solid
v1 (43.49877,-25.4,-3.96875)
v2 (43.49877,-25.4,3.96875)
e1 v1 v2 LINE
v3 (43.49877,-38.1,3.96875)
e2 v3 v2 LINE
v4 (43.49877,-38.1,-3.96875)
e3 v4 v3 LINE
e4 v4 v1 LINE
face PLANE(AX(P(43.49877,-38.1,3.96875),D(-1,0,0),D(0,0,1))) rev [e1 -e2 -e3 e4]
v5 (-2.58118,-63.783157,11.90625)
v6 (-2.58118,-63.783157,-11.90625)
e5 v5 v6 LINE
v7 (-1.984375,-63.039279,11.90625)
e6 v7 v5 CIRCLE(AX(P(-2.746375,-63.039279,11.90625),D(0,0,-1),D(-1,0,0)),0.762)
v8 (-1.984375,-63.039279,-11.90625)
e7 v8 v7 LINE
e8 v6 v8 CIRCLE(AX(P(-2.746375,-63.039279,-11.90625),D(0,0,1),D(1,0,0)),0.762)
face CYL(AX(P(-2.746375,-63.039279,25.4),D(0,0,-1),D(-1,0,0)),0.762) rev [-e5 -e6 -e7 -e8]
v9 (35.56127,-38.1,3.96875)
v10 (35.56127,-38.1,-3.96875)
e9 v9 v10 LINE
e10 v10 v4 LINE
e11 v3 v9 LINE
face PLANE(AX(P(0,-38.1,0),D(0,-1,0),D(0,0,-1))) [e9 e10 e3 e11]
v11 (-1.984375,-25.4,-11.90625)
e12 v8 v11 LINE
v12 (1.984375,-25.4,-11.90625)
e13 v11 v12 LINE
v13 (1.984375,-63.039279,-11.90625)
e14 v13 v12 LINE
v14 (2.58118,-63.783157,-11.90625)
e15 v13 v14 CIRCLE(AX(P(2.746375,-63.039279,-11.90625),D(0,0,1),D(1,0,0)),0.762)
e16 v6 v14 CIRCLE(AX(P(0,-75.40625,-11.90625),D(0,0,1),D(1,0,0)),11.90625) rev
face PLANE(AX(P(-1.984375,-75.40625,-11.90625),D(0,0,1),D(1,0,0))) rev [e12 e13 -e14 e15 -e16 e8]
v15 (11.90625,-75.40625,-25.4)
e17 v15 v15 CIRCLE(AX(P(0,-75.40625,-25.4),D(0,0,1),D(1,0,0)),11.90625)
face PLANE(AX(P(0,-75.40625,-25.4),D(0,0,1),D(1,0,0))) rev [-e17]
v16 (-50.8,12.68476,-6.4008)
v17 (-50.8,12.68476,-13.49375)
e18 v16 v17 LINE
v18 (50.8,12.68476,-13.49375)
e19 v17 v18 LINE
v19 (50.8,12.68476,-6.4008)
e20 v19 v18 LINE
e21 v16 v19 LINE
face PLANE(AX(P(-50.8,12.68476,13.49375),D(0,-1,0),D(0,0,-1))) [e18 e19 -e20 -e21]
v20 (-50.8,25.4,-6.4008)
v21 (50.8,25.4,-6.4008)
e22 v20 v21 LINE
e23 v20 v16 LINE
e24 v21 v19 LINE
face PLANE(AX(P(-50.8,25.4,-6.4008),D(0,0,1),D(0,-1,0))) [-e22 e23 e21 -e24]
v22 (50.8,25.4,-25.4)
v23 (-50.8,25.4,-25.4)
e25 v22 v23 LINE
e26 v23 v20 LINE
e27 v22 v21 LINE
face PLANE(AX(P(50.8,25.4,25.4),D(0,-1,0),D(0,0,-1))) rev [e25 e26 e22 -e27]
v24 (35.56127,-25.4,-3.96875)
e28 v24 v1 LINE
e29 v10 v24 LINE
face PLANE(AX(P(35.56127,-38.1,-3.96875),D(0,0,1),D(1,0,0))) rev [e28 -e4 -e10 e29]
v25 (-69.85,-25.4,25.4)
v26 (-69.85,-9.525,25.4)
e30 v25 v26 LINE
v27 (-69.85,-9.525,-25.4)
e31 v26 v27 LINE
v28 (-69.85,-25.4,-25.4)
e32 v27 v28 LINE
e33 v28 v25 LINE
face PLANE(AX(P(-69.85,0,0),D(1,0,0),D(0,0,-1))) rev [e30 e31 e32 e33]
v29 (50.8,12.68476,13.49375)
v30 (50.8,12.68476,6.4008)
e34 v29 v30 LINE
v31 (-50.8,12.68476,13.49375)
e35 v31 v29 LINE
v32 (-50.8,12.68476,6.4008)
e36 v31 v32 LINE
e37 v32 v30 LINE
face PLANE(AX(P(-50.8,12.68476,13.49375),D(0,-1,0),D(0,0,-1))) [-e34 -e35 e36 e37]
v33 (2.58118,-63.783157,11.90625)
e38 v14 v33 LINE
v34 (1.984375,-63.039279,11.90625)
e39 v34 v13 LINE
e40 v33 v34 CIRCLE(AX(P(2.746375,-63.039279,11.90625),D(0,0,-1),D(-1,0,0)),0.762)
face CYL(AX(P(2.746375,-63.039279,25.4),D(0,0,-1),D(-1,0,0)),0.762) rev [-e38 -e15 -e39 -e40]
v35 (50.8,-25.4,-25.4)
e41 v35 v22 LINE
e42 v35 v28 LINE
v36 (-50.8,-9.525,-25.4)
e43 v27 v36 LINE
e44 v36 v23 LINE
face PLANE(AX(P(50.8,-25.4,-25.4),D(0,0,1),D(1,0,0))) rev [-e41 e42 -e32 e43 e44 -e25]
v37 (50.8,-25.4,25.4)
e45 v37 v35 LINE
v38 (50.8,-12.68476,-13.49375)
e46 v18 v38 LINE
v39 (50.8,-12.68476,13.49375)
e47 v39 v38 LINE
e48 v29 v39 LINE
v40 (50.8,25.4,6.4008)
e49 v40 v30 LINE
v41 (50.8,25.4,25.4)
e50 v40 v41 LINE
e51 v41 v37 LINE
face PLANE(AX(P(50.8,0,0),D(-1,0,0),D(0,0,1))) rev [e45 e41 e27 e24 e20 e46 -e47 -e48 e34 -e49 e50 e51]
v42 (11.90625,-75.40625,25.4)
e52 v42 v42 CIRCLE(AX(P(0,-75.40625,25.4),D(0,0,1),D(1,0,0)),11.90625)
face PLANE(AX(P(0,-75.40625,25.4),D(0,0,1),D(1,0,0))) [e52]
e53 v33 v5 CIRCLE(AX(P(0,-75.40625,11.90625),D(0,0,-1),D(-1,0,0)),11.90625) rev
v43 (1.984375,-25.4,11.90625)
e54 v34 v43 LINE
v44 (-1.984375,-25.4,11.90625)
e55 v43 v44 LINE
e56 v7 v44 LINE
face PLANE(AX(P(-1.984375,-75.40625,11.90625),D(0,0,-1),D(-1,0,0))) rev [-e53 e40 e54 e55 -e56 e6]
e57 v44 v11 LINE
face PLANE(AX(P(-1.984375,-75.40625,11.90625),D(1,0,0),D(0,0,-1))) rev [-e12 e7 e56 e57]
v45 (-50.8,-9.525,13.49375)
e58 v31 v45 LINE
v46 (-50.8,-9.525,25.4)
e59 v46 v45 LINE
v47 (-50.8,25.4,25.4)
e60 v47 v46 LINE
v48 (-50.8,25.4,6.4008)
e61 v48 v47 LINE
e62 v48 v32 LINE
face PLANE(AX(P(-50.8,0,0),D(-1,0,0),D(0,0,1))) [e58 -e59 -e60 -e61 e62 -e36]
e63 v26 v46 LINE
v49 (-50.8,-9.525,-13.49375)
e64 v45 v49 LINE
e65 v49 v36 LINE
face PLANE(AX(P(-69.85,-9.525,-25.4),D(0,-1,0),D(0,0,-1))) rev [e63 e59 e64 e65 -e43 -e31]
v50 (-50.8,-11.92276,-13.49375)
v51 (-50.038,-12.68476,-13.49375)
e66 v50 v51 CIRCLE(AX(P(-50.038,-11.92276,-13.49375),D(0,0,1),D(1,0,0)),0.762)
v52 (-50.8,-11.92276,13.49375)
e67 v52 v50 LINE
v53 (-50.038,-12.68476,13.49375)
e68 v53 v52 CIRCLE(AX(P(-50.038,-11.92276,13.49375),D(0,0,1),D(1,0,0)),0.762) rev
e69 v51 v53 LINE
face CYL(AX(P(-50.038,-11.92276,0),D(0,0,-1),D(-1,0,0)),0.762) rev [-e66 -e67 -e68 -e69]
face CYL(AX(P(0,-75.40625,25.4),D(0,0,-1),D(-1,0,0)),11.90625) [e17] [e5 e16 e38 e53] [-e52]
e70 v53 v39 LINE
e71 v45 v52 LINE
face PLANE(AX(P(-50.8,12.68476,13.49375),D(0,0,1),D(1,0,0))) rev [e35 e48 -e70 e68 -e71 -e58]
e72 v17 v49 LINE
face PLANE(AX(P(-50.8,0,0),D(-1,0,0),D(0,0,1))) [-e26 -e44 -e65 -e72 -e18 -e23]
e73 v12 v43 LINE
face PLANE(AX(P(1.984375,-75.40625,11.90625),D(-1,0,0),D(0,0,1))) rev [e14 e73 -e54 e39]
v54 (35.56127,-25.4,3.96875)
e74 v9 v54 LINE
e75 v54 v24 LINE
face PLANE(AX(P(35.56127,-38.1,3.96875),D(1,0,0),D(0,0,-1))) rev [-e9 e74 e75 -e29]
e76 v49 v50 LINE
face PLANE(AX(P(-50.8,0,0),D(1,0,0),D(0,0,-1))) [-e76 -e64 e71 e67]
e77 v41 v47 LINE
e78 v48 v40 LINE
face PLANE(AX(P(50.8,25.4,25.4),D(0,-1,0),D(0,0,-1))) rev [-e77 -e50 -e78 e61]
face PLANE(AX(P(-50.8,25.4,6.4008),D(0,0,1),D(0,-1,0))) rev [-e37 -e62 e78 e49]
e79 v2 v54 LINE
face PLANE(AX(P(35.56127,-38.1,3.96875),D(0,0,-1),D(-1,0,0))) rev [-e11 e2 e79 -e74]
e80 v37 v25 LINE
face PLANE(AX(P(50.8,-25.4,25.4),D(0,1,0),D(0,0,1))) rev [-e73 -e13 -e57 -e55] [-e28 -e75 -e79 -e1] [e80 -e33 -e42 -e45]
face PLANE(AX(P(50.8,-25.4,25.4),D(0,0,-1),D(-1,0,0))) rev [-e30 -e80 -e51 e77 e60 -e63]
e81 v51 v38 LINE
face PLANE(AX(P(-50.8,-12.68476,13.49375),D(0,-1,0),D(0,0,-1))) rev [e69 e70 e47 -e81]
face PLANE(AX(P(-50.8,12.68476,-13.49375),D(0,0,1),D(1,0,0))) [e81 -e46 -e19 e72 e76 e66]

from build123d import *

# Parameters (mm, degrees)
SKETCH1_W           = 50.8
SKETCH1_H           = 50.8
BOSS_EXTRUDE1_DEPTH = 50.8
SKETCH2_W           = 12.8016
SKETCH2_H           = 12.71524
SKETCH2_W_2         = 26.9875
SKETCH2_H_2         = 25.36952
CUT_EXTRUDE1_DEPTH  = 108.763073453
SKETCH3_W           = 3.96875
SKETCH3_H           = 23.8125
BOSS_EXTRUDE2_DEPTH = 50.00625
SKETCH4_R           = 11.90625
BOSS_EXTRUDE3_DEPTH = 25.4
SKETCH5_W           = 50.8
SKETCH5_H           = 15.875
BOSS_EXTRUDE4_DEPTH = 19.05
SKETCH6_W           = 7.9375
SKETCH6_H           = 7.9375
BOSS_EXTRUDE5_DEPTH = 12.7
FILLET1_R           = 0.762


with BuildPart() as part:
    # Sketch1 → Boss-Extrude1 (new, symmetric)
    with BuildSketch(Plane(origin=(0, 0, 0), x_dir=(0, 0, -1), z_dir=(1, 0, 0))):
        Rectangle(SKETCH1_W, SKETCH1_H)
    extrude(amount=BOSS_EXTRUDE1_DEPTH, both=True)

    # Sketch2 → Cut-Extrude1 (cut, through all)
    with BuildSketch(Plane(origin=(50.8, 0, 0), x_dir=(0, 0, -1), z_dir=(1, 0, 0))):
        with Locations((0, 19.04238)):
            Rectangle(SKETCH2_W, SKETCH2_H)
        Rectangle(SKETCH2_W_2, SKETCH2_H_2)
    extrude(amount=-CUT_EXTRUDE1_DEPTH, mode=Mode.SUBTRACT)

    # Sketch3 → Boss-Extrude2 (add)
    with BuildSketch(Plane.XZ.offset(25.4)):
        Rectangle(SKETCH3_W, SKETCH3_H)
    extrude(amount=BOSS_EXTRUDE2_DEPTH)

    # Sketch4 → Boss-Extrude3 (add, symmetric)
    with BuildSketch(Plane.XY):
        with Locations((0, -75.40625)):
            Circle(SKETCH4_R)
    extrude(amount=BOSS_EXTRUDE3_DEPTH, both=True)

    # Sketch5 → Boss-Extrude4 (add)
    with BuildSketch(Plane.ZY.offset(50.8)):
        with Locations((0, -17.4625)):
            Rectangle(SKETCH5_W, SKETCH5_H)
    extrude(amount=BOSS_EXTRUDE4_DEPTH)

    # Sketch6 → Boss-Extrude5 (add)
    with BuildSketch(Plane.XZ.offset(25.4)):
        with Locations((39.53002, 0)):
            Rectangle(SKETCH6_W, SKETCH6_H)
    extrude(amount=BOSS_EXTRUDE5_DEPTH)

    # Fillet1
    fillet1_edges = [part.edges().sort_by_distance(p)[0] for p in [
        (-50.8, -12.68476, 0),
        (1.984375, -63.66652918, 0),
        (-1.984375, -63.66652918, 0),
    ]]
    fillet(fillet1_edges, radius=FILLET1_R)


solid = part.part
